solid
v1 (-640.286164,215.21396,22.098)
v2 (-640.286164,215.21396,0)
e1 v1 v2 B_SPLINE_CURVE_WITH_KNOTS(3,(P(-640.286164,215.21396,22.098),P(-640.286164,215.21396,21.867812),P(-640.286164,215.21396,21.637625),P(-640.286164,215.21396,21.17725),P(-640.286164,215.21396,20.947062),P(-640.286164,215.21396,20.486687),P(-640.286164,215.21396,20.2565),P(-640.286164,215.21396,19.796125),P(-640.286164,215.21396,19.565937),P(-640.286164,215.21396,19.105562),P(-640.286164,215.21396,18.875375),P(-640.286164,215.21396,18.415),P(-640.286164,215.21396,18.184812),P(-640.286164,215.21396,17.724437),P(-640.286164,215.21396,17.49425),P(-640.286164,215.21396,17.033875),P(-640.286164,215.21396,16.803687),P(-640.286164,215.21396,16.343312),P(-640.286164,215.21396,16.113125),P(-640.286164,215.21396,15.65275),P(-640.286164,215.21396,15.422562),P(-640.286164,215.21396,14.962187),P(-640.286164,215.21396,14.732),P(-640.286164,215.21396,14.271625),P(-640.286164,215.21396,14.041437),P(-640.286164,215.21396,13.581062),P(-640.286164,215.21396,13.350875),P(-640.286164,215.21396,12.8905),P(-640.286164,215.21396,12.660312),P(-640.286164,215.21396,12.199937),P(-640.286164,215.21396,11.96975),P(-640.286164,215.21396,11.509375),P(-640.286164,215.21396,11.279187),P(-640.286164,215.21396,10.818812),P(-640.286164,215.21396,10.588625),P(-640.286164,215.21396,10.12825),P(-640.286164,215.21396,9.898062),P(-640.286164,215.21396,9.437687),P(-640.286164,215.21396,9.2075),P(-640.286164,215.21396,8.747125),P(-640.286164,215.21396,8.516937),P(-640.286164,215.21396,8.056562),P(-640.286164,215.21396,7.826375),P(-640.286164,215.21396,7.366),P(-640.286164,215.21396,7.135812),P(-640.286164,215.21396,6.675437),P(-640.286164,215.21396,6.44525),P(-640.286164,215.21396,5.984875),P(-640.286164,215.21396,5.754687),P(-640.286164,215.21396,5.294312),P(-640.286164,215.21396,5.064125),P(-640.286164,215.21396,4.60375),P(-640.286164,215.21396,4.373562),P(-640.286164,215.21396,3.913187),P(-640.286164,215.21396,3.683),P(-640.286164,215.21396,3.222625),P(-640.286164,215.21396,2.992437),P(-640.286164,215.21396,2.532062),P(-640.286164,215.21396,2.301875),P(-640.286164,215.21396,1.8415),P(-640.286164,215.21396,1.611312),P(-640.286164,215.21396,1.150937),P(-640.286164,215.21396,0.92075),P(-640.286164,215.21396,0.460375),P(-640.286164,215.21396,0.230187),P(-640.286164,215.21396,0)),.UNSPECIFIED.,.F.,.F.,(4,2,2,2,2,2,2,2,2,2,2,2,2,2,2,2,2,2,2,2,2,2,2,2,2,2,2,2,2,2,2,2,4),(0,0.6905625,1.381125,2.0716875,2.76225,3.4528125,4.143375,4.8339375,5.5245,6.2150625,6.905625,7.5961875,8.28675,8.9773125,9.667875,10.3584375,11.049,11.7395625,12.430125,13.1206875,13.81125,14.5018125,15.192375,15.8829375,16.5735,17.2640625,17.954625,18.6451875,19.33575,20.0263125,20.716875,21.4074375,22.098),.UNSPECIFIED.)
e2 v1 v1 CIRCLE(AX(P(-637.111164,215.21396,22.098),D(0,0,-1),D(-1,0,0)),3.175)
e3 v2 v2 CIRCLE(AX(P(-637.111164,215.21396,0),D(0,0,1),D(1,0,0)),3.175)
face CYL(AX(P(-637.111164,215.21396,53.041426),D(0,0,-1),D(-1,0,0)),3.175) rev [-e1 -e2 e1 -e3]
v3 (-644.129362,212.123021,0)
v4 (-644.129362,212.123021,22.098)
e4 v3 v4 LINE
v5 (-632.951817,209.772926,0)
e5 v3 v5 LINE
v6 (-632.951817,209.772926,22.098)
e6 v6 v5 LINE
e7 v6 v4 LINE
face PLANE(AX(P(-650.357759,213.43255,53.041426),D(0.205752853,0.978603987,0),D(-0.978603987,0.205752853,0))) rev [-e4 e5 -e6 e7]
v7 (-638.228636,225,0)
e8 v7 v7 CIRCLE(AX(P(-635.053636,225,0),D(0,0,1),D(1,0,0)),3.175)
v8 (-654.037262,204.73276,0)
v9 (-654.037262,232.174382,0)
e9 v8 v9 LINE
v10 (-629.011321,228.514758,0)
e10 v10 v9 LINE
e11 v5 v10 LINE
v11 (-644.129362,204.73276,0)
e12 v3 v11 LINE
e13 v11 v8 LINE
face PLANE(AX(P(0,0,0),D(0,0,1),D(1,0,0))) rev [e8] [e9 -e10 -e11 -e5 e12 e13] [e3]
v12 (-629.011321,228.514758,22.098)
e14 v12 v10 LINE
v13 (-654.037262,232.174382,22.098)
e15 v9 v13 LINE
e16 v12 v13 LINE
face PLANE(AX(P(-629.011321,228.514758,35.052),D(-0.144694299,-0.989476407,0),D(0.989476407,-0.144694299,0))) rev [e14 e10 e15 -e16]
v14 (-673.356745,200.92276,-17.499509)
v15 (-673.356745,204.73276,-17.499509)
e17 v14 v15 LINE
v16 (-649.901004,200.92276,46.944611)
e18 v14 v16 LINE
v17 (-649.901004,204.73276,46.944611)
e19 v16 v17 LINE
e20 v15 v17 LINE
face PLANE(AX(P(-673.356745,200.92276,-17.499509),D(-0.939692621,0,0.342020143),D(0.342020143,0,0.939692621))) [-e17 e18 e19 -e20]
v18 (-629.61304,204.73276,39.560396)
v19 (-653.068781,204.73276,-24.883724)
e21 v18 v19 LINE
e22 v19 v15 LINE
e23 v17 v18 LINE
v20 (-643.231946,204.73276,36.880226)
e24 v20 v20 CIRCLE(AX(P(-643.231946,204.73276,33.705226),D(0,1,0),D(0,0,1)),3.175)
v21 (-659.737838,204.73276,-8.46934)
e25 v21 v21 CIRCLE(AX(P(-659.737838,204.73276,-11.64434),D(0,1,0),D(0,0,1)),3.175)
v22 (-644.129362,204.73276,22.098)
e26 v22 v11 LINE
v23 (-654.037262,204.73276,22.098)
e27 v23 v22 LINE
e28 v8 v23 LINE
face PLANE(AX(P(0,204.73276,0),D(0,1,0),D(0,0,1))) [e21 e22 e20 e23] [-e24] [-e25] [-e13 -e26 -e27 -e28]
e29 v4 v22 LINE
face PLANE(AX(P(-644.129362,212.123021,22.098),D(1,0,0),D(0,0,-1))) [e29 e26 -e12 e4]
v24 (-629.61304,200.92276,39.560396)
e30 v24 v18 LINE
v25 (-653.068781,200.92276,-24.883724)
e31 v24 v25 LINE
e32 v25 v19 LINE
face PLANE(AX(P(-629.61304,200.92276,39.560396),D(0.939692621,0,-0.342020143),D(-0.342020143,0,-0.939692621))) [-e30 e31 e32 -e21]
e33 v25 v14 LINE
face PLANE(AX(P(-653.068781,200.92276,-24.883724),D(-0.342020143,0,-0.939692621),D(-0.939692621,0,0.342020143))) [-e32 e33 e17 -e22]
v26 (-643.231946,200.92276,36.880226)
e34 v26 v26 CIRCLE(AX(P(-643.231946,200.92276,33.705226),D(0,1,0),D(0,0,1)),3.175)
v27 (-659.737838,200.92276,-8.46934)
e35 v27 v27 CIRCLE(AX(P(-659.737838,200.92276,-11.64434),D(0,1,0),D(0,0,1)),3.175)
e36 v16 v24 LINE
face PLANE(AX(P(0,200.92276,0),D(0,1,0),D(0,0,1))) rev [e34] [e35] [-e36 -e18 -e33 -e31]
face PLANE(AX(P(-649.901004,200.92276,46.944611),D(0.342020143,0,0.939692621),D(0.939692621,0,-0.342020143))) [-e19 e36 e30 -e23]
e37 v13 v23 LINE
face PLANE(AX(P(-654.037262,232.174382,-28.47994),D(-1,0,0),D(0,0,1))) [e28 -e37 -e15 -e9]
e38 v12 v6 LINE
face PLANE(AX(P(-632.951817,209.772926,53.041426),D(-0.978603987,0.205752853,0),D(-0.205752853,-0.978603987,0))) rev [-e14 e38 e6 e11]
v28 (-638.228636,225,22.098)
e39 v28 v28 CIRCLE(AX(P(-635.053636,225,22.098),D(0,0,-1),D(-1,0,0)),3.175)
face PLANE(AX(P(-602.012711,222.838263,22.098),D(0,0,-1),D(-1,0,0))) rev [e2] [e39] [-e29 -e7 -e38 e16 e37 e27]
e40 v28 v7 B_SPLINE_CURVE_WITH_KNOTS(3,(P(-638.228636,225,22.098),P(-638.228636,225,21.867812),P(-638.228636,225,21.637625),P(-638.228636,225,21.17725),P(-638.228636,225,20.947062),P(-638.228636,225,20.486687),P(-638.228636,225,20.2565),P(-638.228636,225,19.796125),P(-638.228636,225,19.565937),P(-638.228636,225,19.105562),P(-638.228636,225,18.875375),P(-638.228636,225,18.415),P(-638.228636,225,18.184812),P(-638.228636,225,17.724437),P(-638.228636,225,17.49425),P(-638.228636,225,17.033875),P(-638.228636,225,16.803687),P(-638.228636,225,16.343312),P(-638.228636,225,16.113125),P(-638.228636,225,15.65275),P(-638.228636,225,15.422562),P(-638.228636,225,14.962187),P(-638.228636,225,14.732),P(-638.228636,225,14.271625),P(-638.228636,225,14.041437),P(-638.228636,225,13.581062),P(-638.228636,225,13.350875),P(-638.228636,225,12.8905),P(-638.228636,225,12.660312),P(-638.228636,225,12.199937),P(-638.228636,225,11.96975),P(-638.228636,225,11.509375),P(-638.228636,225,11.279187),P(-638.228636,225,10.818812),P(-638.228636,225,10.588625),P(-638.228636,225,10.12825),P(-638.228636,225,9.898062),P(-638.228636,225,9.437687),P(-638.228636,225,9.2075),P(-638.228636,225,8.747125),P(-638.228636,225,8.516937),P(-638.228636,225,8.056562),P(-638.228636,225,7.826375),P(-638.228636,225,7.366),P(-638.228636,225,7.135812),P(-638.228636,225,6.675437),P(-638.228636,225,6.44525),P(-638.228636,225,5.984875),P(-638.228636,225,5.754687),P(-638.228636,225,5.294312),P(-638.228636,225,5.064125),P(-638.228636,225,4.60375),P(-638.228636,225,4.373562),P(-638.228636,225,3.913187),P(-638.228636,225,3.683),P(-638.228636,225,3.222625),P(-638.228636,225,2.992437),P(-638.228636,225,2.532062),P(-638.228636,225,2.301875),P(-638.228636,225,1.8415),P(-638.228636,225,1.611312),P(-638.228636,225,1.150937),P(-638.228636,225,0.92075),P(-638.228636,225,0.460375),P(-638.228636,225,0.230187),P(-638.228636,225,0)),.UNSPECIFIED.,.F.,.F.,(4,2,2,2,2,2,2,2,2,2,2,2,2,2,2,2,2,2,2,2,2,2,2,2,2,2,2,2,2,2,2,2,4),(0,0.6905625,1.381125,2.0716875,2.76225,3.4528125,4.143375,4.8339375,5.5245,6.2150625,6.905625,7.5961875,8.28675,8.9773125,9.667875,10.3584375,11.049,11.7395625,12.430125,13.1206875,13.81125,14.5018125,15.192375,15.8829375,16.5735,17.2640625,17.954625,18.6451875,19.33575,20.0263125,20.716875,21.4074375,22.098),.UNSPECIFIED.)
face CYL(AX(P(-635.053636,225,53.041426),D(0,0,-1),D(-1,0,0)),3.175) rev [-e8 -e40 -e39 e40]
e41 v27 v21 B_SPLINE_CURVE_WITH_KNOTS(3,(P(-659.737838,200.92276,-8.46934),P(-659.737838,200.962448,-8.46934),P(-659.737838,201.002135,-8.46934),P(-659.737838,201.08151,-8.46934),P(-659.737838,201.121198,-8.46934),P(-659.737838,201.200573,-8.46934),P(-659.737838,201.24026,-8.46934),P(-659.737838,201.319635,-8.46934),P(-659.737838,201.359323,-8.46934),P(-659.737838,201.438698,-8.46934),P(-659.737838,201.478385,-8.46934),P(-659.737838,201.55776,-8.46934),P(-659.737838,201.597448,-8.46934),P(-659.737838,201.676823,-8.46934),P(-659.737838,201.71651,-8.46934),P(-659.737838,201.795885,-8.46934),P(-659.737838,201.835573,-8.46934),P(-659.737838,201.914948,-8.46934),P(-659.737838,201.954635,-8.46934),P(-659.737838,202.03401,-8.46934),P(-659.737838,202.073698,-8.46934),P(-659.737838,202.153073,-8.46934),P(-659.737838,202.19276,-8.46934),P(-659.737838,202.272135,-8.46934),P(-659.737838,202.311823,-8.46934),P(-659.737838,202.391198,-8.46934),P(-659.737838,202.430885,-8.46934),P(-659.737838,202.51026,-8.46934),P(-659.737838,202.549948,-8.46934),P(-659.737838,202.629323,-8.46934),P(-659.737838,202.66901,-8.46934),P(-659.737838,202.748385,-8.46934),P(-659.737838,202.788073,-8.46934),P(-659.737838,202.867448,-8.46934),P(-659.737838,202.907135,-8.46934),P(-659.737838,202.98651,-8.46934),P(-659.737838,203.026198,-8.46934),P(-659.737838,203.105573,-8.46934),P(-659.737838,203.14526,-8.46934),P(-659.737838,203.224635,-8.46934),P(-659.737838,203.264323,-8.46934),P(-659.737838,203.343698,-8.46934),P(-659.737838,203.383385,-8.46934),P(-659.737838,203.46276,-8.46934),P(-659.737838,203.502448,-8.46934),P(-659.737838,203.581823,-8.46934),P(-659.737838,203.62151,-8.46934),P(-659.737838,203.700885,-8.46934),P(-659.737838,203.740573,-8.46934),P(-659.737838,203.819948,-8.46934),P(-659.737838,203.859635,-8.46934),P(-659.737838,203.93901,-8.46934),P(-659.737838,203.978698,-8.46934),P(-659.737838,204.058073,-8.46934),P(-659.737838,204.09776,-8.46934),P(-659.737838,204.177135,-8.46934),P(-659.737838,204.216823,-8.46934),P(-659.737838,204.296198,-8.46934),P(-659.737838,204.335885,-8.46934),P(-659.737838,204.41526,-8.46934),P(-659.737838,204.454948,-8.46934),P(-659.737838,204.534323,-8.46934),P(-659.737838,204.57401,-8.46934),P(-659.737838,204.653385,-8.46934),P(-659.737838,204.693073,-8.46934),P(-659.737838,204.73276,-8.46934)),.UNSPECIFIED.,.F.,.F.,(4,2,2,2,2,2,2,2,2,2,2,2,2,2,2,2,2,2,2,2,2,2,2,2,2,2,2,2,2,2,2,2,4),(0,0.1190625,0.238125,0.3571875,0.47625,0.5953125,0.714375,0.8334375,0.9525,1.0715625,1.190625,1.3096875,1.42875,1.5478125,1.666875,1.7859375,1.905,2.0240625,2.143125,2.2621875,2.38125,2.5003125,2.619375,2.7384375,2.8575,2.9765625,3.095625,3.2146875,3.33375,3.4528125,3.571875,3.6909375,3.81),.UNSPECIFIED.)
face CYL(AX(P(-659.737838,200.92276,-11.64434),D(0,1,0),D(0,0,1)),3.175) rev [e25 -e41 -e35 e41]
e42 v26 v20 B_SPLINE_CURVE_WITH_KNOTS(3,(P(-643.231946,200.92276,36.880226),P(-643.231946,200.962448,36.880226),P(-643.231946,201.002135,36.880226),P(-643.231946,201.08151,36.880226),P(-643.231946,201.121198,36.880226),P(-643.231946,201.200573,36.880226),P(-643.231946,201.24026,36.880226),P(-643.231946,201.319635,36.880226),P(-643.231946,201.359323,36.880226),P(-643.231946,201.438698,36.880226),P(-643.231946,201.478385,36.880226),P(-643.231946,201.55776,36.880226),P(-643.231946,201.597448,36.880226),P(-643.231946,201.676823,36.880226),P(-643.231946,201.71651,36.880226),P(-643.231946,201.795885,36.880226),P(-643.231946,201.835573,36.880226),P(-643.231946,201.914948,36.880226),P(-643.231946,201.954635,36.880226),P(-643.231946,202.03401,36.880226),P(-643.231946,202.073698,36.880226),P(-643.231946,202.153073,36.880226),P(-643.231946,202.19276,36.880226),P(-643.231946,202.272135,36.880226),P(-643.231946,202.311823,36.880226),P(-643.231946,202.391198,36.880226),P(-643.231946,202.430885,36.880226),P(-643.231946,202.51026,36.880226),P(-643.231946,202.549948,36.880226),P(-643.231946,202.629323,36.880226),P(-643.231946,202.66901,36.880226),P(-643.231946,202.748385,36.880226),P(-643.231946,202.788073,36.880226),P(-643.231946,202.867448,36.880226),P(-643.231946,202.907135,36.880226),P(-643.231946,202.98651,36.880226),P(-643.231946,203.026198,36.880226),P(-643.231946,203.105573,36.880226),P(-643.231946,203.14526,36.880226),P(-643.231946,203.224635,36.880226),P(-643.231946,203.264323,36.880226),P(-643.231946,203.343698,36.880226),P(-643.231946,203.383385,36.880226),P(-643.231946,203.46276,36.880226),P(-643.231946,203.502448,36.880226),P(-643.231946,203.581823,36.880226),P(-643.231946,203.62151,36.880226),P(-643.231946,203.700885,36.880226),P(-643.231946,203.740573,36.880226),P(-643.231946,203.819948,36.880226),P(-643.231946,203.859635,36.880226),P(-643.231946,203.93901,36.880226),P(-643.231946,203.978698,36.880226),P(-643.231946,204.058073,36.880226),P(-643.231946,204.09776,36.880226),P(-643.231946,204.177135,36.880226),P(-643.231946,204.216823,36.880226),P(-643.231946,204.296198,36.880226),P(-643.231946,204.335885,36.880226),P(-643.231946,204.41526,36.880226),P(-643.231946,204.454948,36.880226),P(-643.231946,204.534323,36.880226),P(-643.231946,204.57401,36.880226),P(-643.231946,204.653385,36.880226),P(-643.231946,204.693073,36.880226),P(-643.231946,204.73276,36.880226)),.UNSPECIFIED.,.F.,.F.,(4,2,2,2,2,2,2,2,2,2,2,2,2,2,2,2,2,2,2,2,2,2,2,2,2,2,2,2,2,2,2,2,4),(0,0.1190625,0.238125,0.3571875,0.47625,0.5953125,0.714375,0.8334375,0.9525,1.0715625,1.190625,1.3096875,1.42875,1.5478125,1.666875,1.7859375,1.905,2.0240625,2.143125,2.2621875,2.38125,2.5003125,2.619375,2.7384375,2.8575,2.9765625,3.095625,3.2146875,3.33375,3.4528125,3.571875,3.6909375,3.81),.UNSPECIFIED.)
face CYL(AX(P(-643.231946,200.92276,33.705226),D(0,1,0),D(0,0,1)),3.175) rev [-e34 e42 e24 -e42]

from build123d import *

# Parameters (mm, degrees)
SKETCH1_R            = 3.175
BOSS_EXTRUDE1_DEPTH  = 22.098
SKETCH2_W            = 6.364573253
SKETCH2_H            = 22.098
BOSS_EXTRUDE2_DEPTH  = 8.89
SKETCH12_R           = 3.175
BOSS_EXTRUDE6_DEPTH  = 3.81
BOSS_EXTRUDE12_DEPTH = 22.098
CUT_EXTRUDE1_DEPTH   = 35.052
BOSS_EXTRUDE13_DEPTH = 22.098


with BuildPart() as part:
    # Sketch1 → Boss-Extrude1 (new body)
    with BuildSketch(Plane.XY):
        Polygon((-629.011320926, 228.514758378), (-646.417262265, 232.174381811), (-650.357758597, 213.432549691), (-632.951817258, 209.772926258), align=None)
        with Locations(Location((-635.053635704, 225, 0), (0, 0, 180))):
            Circle(SKETCH1_R, mode=Mode.SUBTRACT)
        with Locations(Location((-637.11116423, 215.213960129, 0), (0, 0, 180))):
            Circle(SKETCH1_R, mode=Mode.SUBTRACT)
    extrude(amount=BOSS_EXTRUDE1_DEPTH)

    # Sketch2 → Boss-Extrude2 (add)
    with BuildSketch(Plane(origin=(15.442364745, 73.44714554, 0), x_dir=(0.9786039871389689, -0.20575285260650125, 0), z_dir=(-0.20575285260650128, -0.978603987138969, 0))):
        with Locations((-677.174764942, 11.049)):
            Rectangle(SKETCH2_W, SKETCH2_H)
    extrude(amount=BOSS_EXTRUDE2_DEPTH)

    # Sketch12 → Boss-Extrude6 (add)
    with BuildSketch(Plane(origin=(0, 204.732760245, 0), x_dir=(1, 0, 0), z_dir=(0, 1, 0))):
        Polygon((-673.35674497, 17.499509084), (-649.901003541, -46.94461085), (-629.613039858, -39.560395955), (-653.068781287, 24.883723978), align=None)
        with Locations(Location((-659.737838472, 11.644339504, 0), (0, 0, 270))):
            Circle(SKETCH12_R, mode=Mode.SUBTRACT)
        with Locations(Location((-643.231946355, -33.705226375, 0), (0, 0, 270))):
            Circle(SKETCH12_R, mode=Mode.SUBTRACT)
    extrude(amount=-BOSS_EXTRUDE6_DEPTH)

    # Sketch19 → Boss-Extrude12 (add)
    with BuildSketch(Plane.XY.offset(22.098)):
        Polygon((-646.417262265, 232.174381811), (-654.037262265, 232.174381811), (-654.037262265, 204.732760245), (-652.186901457, 204.732760245), align=None)
    extrude(amount=-BOSS_EXTRUDE12_DEPTH)

    # Sketch20 → Cut-Extrude1 (cut)
    with BuildSketch(Plane(origin=(0, 0, 0), x_dir=(-1, 0, 0), z_dir=(0, 0, -1))):
        Polygon((629.011320926, 228.514758378), (654.037262265, 232.174381811), (646.417262265, 232.174381811), align=None)
    extrude(amount=-CUT_EXTRUDE1_DEPTH, mode=Mode.SUBTRACT)

    # Sketch21 → Boss-Extrude13 (add)
    with BuildSketch(Plane(origin=(0, 0, 0), x_dir=(-1, 0, 0), z_dir=(0, 0, -1))):
        Polygon((644.129361835, 212.123020588), (644.129361835, 204.732760245), (645.683174376, 204.732760245), align=None)
    extrude(amount=-BOSS_EXTRUDE13_DEPTH)


solid = part.part
